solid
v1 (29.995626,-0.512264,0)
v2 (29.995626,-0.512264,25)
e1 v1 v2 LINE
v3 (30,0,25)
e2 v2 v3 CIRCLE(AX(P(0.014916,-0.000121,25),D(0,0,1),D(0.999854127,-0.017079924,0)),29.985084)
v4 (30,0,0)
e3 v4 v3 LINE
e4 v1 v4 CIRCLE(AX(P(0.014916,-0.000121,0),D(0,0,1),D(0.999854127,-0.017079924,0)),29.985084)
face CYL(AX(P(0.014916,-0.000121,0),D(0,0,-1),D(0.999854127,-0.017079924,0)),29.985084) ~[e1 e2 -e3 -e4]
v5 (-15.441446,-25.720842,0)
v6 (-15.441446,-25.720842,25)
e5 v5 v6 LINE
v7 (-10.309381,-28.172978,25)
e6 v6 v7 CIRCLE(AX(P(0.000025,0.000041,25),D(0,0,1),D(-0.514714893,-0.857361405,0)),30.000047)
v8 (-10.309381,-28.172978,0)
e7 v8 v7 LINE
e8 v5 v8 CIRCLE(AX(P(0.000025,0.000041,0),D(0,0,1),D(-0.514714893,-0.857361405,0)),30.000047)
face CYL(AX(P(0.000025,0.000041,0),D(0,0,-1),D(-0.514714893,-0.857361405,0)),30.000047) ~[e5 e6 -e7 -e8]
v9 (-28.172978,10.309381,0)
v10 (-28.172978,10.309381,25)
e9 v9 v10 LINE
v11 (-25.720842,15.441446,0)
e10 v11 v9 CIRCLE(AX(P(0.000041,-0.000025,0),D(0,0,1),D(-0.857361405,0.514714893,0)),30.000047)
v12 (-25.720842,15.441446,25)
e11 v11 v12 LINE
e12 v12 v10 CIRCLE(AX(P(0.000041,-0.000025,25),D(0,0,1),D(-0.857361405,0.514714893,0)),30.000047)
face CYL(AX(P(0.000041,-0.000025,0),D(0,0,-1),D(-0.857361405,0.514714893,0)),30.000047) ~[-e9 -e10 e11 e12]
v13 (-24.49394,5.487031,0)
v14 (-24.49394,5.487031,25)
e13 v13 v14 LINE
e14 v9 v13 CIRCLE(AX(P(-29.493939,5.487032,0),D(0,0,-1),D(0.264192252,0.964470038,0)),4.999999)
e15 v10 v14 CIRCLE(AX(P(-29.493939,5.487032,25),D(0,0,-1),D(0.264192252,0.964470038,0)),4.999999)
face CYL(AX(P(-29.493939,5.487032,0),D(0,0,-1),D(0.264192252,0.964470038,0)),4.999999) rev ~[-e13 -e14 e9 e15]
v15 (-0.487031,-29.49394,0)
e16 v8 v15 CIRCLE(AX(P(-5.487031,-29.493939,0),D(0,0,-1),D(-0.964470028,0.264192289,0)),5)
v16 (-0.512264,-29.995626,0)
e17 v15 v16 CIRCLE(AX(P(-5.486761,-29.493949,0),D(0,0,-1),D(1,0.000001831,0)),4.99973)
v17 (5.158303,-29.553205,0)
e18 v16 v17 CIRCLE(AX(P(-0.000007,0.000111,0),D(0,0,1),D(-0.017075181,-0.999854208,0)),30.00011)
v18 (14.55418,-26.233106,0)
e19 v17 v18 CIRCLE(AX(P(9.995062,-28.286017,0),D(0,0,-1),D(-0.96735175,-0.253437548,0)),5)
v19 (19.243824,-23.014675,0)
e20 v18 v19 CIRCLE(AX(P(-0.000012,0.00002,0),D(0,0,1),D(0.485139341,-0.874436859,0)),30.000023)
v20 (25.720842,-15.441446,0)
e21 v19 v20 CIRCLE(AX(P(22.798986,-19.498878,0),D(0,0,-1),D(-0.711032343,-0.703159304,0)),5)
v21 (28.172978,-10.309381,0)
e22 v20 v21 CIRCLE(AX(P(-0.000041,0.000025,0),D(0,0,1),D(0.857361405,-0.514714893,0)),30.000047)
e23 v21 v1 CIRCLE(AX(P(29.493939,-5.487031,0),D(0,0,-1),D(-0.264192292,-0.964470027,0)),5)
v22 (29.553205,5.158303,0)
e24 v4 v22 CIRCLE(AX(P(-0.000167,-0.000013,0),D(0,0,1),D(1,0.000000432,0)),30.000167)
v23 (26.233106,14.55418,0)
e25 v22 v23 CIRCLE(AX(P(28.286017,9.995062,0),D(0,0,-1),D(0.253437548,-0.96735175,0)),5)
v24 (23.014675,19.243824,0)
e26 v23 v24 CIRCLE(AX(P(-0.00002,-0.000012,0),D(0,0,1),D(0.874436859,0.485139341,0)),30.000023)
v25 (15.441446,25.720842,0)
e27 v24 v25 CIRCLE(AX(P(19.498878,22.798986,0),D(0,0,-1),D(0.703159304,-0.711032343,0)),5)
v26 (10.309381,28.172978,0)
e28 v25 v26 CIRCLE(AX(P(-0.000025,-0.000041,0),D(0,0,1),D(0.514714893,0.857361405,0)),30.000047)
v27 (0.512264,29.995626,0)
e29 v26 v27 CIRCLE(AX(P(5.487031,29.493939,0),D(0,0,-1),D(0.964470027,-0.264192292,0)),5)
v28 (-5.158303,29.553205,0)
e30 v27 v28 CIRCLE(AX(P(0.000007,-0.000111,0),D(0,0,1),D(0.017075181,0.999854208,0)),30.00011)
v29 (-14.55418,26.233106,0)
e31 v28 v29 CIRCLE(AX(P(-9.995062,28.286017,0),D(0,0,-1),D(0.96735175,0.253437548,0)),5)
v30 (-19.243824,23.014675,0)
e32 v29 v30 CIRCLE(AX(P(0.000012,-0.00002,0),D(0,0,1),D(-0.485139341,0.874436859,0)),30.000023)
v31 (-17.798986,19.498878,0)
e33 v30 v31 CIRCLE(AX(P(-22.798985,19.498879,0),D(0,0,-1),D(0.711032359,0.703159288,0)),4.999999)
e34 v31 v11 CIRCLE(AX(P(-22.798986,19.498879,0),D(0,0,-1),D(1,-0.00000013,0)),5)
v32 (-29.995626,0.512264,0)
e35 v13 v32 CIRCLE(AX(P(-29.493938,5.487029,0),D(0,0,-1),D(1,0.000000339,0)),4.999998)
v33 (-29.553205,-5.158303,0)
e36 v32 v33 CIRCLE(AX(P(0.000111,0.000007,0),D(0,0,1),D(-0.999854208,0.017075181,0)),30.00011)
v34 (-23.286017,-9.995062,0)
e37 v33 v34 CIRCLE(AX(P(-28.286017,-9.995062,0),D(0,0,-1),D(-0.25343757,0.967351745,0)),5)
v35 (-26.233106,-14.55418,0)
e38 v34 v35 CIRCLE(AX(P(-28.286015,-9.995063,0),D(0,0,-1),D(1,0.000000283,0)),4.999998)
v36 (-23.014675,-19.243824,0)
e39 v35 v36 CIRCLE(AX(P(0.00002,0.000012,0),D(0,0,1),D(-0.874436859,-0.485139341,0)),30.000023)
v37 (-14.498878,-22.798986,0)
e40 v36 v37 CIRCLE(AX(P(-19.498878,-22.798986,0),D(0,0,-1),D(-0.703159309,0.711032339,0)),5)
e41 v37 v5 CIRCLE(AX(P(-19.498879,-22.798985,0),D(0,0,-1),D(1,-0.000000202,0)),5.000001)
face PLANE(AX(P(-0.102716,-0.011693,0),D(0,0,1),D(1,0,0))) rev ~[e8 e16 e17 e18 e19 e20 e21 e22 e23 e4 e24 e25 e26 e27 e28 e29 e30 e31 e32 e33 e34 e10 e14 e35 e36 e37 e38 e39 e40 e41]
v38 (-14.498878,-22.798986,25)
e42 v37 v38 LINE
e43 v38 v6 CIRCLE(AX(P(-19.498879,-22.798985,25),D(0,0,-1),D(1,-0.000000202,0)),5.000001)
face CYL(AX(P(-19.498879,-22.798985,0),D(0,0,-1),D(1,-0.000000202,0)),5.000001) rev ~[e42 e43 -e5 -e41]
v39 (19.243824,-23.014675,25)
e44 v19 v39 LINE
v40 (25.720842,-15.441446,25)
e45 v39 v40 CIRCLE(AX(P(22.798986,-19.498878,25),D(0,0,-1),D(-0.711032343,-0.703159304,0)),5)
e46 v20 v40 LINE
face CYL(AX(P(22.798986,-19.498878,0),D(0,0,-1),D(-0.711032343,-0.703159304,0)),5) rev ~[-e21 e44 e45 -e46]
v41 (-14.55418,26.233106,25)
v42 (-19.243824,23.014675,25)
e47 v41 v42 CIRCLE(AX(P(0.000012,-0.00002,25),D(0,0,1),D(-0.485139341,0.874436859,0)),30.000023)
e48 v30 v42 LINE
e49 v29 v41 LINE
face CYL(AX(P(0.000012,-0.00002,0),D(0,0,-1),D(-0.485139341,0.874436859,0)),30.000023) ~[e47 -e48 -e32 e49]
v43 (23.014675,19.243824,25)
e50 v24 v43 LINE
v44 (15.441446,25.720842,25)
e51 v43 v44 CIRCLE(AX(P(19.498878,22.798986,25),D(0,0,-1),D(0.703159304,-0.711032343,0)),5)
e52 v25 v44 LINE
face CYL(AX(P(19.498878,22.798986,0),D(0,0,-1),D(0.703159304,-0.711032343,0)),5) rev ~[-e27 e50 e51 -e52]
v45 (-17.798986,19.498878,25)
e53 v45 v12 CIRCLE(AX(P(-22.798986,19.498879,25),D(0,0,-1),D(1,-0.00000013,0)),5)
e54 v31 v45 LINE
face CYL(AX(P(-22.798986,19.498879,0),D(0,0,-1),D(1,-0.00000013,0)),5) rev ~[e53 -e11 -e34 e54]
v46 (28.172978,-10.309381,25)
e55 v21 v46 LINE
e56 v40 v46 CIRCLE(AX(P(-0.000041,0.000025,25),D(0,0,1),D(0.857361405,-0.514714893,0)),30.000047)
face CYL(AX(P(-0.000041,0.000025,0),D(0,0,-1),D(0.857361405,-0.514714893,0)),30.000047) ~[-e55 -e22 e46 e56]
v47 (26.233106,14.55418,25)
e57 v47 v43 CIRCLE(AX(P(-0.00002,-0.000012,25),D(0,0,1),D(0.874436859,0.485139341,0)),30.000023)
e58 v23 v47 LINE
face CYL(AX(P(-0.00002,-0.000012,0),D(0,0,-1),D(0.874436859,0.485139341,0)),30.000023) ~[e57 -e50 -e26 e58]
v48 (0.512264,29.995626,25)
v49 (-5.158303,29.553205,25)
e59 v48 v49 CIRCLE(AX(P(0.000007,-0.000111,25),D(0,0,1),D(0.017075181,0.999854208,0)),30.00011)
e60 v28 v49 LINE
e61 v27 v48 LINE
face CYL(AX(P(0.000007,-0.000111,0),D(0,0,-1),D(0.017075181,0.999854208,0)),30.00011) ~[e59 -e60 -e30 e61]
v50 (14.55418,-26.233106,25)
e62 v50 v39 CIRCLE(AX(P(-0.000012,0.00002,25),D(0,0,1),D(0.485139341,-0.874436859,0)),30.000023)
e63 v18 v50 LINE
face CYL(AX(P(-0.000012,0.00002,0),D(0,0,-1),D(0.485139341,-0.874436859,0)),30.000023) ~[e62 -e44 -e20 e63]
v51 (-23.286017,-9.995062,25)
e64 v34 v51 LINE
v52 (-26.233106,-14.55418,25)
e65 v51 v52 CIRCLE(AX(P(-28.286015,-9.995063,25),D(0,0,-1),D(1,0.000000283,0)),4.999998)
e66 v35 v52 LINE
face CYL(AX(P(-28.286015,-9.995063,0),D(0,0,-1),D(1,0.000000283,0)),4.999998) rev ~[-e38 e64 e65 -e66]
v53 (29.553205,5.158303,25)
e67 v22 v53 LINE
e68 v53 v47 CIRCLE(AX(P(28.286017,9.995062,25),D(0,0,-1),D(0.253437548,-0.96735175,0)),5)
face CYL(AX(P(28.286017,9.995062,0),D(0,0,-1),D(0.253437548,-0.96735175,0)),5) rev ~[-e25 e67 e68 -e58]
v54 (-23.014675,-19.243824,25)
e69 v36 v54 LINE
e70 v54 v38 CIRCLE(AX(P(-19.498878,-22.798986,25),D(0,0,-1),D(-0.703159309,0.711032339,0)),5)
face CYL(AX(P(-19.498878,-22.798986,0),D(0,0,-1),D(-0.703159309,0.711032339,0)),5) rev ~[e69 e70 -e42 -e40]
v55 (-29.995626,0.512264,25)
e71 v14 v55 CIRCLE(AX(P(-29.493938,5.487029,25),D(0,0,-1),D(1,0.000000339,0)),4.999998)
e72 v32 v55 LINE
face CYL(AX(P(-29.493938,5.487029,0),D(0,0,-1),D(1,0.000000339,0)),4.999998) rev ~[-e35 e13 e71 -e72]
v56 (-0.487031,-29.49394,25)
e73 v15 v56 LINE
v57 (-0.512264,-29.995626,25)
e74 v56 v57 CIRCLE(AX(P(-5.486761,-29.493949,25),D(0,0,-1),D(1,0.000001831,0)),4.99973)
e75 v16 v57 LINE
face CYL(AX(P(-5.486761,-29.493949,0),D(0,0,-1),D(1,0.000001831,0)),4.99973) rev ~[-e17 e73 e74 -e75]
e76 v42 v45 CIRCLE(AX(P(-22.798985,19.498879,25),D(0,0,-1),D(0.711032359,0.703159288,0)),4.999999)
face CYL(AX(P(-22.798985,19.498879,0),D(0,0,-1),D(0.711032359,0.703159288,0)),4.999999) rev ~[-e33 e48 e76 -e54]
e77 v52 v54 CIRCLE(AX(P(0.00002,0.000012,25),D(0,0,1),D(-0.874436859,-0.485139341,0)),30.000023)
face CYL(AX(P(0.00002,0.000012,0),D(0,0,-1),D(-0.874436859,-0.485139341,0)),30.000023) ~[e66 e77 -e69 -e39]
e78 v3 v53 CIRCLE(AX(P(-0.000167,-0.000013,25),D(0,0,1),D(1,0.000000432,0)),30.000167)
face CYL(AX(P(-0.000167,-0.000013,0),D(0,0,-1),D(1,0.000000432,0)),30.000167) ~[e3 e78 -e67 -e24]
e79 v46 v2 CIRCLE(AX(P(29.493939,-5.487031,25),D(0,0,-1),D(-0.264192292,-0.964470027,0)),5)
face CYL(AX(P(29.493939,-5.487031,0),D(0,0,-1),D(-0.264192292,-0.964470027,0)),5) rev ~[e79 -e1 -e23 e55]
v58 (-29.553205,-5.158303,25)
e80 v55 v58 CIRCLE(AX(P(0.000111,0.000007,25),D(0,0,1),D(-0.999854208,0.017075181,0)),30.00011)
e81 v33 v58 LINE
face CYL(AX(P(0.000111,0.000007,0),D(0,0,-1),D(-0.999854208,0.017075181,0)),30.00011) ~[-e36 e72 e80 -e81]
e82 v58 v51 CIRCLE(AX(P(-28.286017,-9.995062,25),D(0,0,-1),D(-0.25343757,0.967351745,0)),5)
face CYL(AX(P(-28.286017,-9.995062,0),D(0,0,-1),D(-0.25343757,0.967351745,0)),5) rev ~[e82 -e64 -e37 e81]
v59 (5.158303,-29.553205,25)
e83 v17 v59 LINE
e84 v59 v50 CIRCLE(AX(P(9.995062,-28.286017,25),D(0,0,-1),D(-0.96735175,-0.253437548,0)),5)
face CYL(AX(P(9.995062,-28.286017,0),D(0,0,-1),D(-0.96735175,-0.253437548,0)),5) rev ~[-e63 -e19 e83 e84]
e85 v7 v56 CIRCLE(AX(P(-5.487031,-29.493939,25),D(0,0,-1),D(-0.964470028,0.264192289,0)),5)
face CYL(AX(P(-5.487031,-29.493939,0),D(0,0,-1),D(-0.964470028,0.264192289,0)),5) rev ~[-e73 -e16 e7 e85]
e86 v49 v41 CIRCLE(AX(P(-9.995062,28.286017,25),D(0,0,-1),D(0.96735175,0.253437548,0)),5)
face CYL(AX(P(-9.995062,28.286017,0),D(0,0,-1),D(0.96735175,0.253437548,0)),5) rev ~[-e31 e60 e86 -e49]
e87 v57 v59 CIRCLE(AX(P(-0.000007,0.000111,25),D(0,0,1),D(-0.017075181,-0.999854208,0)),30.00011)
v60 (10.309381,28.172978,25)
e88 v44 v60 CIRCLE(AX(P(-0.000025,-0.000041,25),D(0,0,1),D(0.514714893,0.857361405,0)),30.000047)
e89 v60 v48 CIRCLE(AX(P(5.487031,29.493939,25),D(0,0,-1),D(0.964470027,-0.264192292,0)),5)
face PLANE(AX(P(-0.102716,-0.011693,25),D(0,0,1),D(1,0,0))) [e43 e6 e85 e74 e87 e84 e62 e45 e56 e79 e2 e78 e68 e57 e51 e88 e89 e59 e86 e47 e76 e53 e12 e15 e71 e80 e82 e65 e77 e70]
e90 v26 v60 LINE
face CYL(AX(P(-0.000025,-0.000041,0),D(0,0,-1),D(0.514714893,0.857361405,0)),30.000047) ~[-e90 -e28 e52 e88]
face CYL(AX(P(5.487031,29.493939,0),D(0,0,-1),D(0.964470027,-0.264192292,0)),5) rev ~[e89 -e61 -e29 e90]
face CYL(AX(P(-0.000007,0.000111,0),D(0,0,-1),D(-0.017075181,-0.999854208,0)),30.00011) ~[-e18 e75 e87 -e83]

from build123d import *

# Parameters (mm, degrees)
F1_DEPTH = 25


with BuildPart() as f1:
    # F0 (on Top) → F1 (new body)
    with BuildSketch(Plane.XY):
        with BuildLine():
            ThreePointArc((29.995626, -0.512264), (29.998907, -0.256141), (30, 0))
            ThreePointArc((30, 0), (29.888092, 2.588808), (29.553205, 5.158303))
            ThreePointArc((29.553205, 5.158303), (23.571681, 8.329218), (26.233106, 14.55418))
            ThreePointArc((26.233106, 14.55418), (24.735282, 16.975448), (23.014675, 19.243824))
            ThreePointArc((23.014675, 19.243824), (16.249065, 18.999155), (15.441446, 25.720842))
            ThreePointArc((15.441446, 25.720842), (12.933658, 27.06881), (10.309381, 28.172978))
            ThreePointArc((10.309381, 28.172978), (4.572526, 24.578283), (0.512264, 29.995626))
            ThreePointArc((0.512264, 29.995626), (-2.333528, 29.909106), (-5.158303, 29.553205))
            ThreePointArc((-5.158303, 29.553205), (-8.329218, 23.571681), (-14.55418, 26.233106))
            ThreePointArc((-14.55418, 26.233106), (-16.975448, 24.735282), (-19.243824, 23.014675))
            ThreePointArc((-19.243824, 23.014675), (-18.17428, 21.39943), (-17.798986, 19.498878))
            ThreePointArc((-17.798986, 19.498878), (-20.519653, 15.048638), (-25.720842, 15.441446))
            ThreePointArc((-25.720842, 15.441446), (-27.06881, 12.933658), (-28.172978, 10.309381))
            ThreePointArc((-28.172978, 10.309381), (-25.518716, 8.519785), (-24.49394, 5.487031))
            ThreePointArc((-24.49394, 5.487031), (-26.140466, 1.778363), (-29.995626, 0.512264))
            ThreePointArc((-29.995626, 0.512264), (-29.909106, -2.333528), (-29.553205, -5.158303))
            ThreePointArc((-29.553205, -5.158303), (-25.23118, -6.036783), (-23.286017, -9.995062))
            ThreePointArc((-23.286017, -9.995062), (-24.086936, -12.709417), (-26.233106, -14.55418))
            ThreePointArc((-26.233106, -14.55418), (-24.735282, -16.975448), (-23.014675, -19.243824))
            ThreePointArc((-23.014675, -19.243824), (-17.57261, -18.184932), (-14.498878, -22.798986))
            ThreePointArc((-14.498878, -22.798986), (-14.740351, -24.334049), (-15.441446, -25.720842))
            ThreePointArc((-15.441446, -25.720842), (-12.933658, -27.06881), (-10.309381, -28.172978))
            ThreePointArc((-10.309381, -28.172978), (-4.820604, -24.538551), (-0.487031, -29.49394))
            ThreePointArc((-0.487031, -29.49394), (-0.493343, -29.7451), (-0.512264, -29.995626))
            ThreePointArc((-0.512264, -29.995626), (2.333528, -29.909106), (5.158303, -29.553205))
            ThreePointArc((5.158303, -29.553205), (8.329218, -23.571681), (14.55418, -26.233106))
            ThreePointArc((14.55418, -26.233106), (16.975448, -24.735282), (19.243824, -23.014675))
            ThreePointArc((19.243824, -23.014675), (18.999155, -16.249065), (25.720842, -15.441446))
            ThreePointArc((25.720842, -15.441446), (27.06881, -12.933658), (28.172978, -10.309381))
            ThreePointArc((28.172978, -10.309381), (24.578283, -4.572526), (29.995626, -0.512264))
        make_face()
    extrude(amount=F1_DEPTH)


solid = f1.part
